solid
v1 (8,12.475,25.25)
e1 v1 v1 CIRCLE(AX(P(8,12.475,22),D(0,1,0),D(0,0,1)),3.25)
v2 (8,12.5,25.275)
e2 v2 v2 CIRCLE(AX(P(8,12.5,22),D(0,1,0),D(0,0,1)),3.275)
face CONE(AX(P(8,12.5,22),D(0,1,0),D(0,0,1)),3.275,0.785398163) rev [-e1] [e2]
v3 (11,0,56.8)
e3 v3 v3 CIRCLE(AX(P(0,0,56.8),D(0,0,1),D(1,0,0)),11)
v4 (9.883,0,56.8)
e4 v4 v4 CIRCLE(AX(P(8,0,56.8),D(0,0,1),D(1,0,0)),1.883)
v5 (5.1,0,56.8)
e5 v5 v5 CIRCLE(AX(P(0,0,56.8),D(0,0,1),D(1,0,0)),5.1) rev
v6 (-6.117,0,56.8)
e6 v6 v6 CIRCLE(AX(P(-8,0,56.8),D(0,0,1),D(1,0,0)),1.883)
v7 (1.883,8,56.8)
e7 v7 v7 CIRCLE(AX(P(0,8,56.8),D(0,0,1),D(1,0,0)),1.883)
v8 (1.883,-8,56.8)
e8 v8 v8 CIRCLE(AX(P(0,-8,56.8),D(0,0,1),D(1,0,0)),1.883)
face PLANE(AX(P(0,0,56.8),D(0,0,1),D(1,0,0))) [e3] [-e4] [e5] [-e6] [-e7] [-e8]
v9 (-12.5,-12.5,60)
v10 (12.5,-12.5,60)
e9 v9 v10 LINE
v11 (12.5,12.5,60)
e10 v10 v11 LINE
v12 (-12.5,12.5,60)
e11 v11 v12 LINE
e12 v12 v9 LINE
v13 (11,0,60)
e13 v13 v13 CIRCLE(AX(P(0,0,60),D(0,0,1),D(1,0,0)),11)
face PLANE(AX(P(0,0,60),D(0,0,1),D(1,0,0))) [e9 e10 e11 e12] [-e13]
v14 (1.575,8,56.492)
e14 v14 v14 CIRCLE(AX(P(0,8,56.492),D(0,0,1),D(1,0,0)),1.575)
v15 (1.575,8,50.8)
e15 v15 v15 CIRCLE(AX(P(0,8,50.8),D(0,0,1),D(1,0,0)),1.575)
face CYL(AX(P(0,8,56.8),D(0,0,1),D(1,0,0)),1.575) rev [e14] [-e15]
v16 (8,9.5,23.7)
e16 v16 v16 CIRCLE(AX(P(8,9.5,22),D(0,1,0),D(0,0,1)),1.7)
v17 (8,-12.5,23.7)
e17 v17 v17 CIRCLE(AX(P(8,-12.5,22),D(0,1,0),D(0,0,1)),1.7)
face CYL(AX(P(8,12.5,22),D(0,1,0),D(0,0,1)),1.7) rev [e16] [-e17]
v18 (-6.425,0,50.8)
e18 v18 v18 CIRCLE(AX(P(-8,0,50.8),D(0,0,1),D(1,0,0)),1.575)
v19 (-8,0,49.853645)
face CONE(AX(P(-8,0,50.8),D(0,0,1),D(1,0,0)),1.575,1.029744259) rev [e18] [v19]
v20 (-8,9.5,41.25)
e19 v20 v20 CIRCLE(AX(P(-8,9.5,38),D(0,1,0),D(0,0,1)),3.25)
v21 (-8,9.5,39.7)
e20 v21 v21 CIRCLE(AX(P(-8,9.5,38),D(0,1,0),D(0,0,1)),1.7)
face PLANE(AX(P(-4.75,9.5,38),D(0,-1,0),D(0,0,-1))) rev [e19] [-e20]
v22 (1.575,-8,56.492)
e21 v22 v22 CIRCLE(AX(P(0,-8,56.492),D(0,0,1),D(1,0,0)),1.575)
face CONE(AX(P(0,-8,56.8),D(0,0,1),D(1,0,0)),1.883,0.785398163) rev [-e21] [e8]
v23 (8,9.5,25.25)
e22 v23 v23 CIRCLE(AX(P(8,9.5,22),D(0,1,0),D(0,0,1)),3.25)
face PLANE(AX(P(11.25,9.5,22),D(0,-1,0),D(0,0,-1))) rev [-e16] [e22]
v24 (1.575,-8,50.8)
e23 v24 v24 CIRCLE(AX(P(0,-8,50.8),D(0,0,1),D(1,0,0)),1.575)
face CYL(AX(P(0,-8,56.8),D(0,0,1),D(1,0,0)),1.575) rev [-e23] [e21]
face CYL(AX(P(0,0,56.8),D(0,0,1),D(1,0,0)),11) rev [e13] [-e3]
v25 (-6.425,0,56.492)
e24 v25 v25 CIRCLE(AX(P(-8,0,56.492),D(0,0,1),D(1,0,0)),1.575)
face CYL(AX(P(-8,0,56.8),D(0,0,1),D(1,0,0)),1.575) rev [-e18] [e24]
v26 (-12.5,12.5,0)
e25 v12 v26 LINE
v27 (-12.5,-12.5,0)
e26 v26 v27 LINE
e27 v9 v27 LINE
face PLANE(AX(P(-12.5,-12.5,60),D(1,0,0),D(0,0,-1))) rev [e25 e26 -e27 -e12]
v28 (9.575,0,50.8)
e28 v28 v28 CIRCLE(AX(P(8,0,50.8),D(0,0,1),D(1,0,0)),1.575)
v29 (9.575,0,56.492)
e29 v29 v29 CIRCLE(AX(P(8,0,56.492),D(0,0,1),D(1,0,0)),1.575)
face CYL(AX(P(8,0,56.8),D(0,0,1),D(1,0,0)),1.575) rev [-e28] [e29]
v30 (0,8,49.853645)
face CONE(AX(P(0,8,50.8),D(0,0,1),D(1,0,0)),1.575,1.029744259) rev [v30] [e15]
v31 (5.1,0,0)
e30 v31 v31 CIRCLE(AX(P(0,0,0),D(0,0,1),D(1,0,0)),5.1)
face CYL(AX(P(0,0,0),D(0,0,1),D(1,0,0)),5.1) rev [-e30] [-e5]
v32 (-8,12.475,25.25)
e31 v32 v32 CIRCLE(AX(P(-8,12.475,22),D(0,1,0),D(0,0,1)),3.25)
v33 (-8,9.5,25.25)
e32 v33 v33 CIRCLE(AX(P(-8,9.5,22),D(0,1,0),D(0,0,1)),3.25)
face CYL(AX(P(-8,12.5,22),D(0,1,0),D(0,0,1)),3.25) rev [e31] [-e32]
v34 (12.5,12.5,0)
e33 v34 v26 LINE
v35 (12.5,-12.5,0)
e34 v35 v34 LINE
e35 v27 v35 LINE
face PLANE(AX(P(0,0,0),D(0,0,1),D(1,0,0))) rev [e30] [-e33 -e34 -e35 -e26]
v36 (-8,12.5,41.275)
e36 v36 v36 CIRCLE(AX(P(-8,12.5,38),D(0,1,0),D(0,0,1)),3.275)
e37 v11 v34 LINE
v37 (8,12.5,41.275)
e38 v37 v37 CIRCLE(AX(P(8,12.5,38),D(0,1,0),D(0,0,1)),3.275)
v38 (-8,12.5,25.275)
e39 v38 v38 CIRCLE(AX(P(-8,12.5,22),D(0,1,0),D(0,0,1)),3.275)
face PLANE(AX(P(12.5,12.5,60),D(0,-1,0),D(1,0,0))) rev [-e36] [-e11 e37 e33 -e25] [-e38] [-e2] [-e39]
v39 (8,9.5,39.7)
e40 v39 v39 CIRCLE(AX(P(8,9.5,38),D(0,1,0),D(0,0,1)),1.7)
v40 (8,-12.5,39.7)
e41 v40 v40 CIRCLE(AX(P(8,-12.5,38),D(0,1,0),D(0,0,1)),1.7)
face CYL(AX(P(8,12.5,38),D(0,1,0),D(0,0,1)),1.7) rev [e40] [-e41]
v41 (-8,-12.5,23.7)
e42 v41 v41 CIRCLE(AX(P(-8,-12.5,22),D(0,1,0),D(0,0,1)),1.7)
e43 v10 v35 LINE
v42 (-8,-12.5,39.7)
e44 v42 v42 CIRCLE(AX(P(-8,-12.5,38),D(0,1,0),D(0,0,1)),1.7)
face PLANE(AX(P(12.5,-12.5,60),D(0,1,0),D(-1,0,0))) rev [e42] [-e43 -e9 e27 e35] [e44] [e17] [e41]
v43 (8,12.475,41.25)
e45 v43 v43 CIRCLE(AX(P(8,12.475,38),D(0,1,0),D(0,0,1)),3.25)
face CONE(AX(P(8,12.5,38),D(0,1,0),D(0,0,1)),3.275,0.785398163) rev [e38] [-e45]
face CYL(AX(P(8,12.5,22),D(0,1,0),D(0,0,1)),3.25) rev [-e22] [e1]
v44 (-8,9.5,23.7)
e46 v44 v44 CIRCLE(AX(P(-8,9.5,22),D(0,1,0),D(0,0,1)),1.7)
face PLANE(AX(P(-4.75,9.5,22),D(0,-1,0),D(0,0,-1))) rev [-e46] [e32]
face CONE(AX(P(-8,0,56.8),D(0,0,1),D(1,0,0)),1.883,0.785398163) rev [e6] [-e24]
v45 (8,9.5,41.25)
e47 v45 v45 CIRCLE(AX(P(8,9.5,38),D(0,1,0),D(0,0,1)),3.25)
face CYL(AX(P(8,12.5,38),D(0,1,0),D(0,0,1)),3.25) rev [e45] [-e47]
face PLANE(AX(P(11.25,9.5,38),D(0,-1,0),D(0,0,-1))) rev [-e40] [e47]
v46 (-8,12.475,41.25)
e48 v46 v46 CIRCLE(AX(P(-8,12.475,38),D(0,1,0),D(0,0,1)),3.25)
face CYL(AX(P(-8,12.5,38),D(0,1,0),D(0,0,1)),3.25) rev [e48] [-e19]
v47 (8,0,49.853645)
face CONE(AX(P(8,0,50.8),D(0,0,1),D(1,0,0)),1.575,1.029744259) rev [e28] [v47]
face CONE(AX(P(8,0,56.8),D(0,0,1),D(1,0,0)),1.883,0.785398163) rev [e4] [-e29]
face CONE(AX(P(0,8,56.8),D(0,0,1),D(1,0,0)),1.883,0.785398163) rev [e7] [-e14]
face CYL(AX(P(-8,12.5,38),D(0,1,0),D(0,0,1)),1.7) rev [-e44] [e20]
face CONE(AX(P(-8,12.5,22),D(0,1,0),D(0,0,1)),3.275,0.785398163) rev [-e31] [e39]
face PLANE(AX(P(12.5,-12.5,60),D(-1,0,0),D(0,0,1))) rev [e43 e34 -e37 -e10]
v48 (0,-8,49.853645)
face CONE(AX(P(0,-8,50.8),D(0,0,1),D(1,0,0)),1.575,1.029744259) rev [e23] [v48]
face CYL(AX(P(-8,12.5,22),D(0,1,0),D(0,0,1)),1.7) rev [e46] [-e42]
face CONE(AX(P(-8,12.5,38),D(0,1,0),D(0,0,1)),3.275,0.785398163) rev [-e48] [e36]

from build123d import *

# Parameters (mm, degrees)
ESBO_O1_W                                         = 25
ESBO_O1_H                                         = 25
RESSALTO_EXTRUS_O1_DEPTH                          = 60
ESBO_O2_R                                         = 5.1
CORTE_EXTRUS_O1_DEPTH                             = 61
ESBO_O3_R                                         = 11
CORTE_EXTRUS_O2_DEPTH                             = 3.2
FURO_ROSCADO_PARA_CONDU_TE_DE_M3X0_51_D           = 3.15
FURO_ROSCADO_PARA_CONDU_TE_DE_M3X0_51_DEPTH       = 6
FURO_ROSCADO_PARA_CONDU_TE_DE_M3X0_51_CSINK_D     = 3.766
FURO_ROSCADO_PARA_CONDU_TE_DE_M3X0_51_CSINK_ANGLE = 90
FURO_ROSCADO_PARA_CONDU_TE_DE_M3X0_51_TIP         = 0.946355475
REBAIXO_PARA_SHCS_M31_AT_2_COUNT                  = 2
REBAIXO_PARA_SHCS_M31_AT_2_PITCH                  = 16
REBAIXO_PARA_SHCS_M31_AT_3_COUNT                  = 2
REBAIXO_PARA_SHCS_M31_AT_3_PITCH                  = 16
REBAIXO_PARA_SHCS_M31_AT_4_COUNT                  = 2
REBAIXO_PARA_SHCS_M31_AT_4_PITCH                  = 22.627416998


with BuildPart() as part:
    # Esboço1 → Ressalto-extrusão1 (new body)
    with BuildSketch(Plane.XY):
        Rectangle(ESBO_O1_W, ESBO_O1_H)
    extrude(amount=RESSALTO_EXTRUS_O1_DEPTH)

    # Esboço2 → Corte-extrusão1 (cut, through all)
    with BuildSketch(Plane.XY.offset(60)):
        Circle(ESBO_O2_R)
    extrude(amount=-CORTE_EXTRUS_O1_DEPTH, mode=Mode.SUBTRACT)

    # Esboço3 → Corte-extrusão2 (cut)
    with BuildSketch(Plane.XY.offset(60)):
        Circle(ESBO_O3_R)
    extrude(amount=-CORTE_EXTRUS_O2_DEPTH, mode=Mode.SUBTRACT)

    # Furo roscado para conduíte de M3x0.51
    with Locations(Plane.XY.offset(56.8)):
        with Locations((0, 8), (8, 0), (0, -8), (-8, 0)):
            CounterSinkHole(FURO_ROSCADO_PARA_CONDU_TE_DE_M3X0_51_D / 2, FURO_ROSCADO_PARA_CONDU_TE_DE_M3X0_51_CSINK_D / 2, depth=FURO_ROSCADO_PARA_CONDU_TE_DE_M3X0_51_DEPTH, counter_sink_angle=FURO_ROSCADO_PARA_CONDU_TE_DE_M3X0_51_CSINK_ANGLE)
            with Locations((0, 0, -(FURO_ROSCADO_PARA_CONDU_TE_DE_M3X0_51_DEPTH + FURO_ROSCADO_PARA_CONDU_TE_DE_M3X0_51_TIP / 2))):  # 118° drill point
                Cone(0, FURO_ROSCADO_PARA_CONDU_TE_DE_M3X0_51_D / 2, FURO_ROSCADO_PARA_CONDU_TE_DE_M3X0_51_TIP, mode=Mode.SUBTRACT)

    # Esboço7 → Rebaixo para SHCS M31 (revolve, cut)
    with BuildSketch(Plane(origin=(-8, 12.5, 22), x_dir=(0, 0, 1), z_dir=(1, 0, 0))):
        Polygon((0, 0), (0, 25), (1.7, 25), (1.7, 3), (3.25, 3), (3.25, 0.025), (3.275, 0), align=None)
    rebaixo_para_shcs_m31 = revolve(axis=Axis((-8, 18.85, 22), (0, -1, 0)), mode=Mode.SUBTRACT)

    # Rebaixo para SHCS M31 at 2: Rebaixo para SHCS M31 ×2
    with Locations(*[(i * REBAIXO_PARA_SHCS_M31_AT_2_PITCH, 0, 0) for i in range(1, REBAIXO_PARA_SHCS_M31_AT_2_COUNT)]):
        add(rebaixo_para_shcs_m31, mode=Mode.SUBTRACT)

    # Rebaixo para SHCS M31 at 3: Rebaixo para SHCS M31 ×2
    with Locations(*[(0, 0, i * REBAIXO_PARA_SHCS_M31_AT_3_PITCH) for i in range(1, REBAIXO_PARA_SHCS_M31_AT_3_COUNT)]):
        add(rebaixo_para_shcs_m31, mode=Mode.SUBTRACT)

    # Rebaixo para SHCS M31 at 4: Rebaixo para SHCS M31 ×2
    with Locations(*[Vector(0.707106781, 0, 0.707106781) * (i * REBAIXO_PARA_SHCS_M31_AT_4_PITCH) for i in range(1, REBAIXO_PARA_SHCS_M31_AT_4_COUNT)]):
        add(rebaixo_para_shcs_m31, mode=Mode.SUBTRACT)


solid = part.part
